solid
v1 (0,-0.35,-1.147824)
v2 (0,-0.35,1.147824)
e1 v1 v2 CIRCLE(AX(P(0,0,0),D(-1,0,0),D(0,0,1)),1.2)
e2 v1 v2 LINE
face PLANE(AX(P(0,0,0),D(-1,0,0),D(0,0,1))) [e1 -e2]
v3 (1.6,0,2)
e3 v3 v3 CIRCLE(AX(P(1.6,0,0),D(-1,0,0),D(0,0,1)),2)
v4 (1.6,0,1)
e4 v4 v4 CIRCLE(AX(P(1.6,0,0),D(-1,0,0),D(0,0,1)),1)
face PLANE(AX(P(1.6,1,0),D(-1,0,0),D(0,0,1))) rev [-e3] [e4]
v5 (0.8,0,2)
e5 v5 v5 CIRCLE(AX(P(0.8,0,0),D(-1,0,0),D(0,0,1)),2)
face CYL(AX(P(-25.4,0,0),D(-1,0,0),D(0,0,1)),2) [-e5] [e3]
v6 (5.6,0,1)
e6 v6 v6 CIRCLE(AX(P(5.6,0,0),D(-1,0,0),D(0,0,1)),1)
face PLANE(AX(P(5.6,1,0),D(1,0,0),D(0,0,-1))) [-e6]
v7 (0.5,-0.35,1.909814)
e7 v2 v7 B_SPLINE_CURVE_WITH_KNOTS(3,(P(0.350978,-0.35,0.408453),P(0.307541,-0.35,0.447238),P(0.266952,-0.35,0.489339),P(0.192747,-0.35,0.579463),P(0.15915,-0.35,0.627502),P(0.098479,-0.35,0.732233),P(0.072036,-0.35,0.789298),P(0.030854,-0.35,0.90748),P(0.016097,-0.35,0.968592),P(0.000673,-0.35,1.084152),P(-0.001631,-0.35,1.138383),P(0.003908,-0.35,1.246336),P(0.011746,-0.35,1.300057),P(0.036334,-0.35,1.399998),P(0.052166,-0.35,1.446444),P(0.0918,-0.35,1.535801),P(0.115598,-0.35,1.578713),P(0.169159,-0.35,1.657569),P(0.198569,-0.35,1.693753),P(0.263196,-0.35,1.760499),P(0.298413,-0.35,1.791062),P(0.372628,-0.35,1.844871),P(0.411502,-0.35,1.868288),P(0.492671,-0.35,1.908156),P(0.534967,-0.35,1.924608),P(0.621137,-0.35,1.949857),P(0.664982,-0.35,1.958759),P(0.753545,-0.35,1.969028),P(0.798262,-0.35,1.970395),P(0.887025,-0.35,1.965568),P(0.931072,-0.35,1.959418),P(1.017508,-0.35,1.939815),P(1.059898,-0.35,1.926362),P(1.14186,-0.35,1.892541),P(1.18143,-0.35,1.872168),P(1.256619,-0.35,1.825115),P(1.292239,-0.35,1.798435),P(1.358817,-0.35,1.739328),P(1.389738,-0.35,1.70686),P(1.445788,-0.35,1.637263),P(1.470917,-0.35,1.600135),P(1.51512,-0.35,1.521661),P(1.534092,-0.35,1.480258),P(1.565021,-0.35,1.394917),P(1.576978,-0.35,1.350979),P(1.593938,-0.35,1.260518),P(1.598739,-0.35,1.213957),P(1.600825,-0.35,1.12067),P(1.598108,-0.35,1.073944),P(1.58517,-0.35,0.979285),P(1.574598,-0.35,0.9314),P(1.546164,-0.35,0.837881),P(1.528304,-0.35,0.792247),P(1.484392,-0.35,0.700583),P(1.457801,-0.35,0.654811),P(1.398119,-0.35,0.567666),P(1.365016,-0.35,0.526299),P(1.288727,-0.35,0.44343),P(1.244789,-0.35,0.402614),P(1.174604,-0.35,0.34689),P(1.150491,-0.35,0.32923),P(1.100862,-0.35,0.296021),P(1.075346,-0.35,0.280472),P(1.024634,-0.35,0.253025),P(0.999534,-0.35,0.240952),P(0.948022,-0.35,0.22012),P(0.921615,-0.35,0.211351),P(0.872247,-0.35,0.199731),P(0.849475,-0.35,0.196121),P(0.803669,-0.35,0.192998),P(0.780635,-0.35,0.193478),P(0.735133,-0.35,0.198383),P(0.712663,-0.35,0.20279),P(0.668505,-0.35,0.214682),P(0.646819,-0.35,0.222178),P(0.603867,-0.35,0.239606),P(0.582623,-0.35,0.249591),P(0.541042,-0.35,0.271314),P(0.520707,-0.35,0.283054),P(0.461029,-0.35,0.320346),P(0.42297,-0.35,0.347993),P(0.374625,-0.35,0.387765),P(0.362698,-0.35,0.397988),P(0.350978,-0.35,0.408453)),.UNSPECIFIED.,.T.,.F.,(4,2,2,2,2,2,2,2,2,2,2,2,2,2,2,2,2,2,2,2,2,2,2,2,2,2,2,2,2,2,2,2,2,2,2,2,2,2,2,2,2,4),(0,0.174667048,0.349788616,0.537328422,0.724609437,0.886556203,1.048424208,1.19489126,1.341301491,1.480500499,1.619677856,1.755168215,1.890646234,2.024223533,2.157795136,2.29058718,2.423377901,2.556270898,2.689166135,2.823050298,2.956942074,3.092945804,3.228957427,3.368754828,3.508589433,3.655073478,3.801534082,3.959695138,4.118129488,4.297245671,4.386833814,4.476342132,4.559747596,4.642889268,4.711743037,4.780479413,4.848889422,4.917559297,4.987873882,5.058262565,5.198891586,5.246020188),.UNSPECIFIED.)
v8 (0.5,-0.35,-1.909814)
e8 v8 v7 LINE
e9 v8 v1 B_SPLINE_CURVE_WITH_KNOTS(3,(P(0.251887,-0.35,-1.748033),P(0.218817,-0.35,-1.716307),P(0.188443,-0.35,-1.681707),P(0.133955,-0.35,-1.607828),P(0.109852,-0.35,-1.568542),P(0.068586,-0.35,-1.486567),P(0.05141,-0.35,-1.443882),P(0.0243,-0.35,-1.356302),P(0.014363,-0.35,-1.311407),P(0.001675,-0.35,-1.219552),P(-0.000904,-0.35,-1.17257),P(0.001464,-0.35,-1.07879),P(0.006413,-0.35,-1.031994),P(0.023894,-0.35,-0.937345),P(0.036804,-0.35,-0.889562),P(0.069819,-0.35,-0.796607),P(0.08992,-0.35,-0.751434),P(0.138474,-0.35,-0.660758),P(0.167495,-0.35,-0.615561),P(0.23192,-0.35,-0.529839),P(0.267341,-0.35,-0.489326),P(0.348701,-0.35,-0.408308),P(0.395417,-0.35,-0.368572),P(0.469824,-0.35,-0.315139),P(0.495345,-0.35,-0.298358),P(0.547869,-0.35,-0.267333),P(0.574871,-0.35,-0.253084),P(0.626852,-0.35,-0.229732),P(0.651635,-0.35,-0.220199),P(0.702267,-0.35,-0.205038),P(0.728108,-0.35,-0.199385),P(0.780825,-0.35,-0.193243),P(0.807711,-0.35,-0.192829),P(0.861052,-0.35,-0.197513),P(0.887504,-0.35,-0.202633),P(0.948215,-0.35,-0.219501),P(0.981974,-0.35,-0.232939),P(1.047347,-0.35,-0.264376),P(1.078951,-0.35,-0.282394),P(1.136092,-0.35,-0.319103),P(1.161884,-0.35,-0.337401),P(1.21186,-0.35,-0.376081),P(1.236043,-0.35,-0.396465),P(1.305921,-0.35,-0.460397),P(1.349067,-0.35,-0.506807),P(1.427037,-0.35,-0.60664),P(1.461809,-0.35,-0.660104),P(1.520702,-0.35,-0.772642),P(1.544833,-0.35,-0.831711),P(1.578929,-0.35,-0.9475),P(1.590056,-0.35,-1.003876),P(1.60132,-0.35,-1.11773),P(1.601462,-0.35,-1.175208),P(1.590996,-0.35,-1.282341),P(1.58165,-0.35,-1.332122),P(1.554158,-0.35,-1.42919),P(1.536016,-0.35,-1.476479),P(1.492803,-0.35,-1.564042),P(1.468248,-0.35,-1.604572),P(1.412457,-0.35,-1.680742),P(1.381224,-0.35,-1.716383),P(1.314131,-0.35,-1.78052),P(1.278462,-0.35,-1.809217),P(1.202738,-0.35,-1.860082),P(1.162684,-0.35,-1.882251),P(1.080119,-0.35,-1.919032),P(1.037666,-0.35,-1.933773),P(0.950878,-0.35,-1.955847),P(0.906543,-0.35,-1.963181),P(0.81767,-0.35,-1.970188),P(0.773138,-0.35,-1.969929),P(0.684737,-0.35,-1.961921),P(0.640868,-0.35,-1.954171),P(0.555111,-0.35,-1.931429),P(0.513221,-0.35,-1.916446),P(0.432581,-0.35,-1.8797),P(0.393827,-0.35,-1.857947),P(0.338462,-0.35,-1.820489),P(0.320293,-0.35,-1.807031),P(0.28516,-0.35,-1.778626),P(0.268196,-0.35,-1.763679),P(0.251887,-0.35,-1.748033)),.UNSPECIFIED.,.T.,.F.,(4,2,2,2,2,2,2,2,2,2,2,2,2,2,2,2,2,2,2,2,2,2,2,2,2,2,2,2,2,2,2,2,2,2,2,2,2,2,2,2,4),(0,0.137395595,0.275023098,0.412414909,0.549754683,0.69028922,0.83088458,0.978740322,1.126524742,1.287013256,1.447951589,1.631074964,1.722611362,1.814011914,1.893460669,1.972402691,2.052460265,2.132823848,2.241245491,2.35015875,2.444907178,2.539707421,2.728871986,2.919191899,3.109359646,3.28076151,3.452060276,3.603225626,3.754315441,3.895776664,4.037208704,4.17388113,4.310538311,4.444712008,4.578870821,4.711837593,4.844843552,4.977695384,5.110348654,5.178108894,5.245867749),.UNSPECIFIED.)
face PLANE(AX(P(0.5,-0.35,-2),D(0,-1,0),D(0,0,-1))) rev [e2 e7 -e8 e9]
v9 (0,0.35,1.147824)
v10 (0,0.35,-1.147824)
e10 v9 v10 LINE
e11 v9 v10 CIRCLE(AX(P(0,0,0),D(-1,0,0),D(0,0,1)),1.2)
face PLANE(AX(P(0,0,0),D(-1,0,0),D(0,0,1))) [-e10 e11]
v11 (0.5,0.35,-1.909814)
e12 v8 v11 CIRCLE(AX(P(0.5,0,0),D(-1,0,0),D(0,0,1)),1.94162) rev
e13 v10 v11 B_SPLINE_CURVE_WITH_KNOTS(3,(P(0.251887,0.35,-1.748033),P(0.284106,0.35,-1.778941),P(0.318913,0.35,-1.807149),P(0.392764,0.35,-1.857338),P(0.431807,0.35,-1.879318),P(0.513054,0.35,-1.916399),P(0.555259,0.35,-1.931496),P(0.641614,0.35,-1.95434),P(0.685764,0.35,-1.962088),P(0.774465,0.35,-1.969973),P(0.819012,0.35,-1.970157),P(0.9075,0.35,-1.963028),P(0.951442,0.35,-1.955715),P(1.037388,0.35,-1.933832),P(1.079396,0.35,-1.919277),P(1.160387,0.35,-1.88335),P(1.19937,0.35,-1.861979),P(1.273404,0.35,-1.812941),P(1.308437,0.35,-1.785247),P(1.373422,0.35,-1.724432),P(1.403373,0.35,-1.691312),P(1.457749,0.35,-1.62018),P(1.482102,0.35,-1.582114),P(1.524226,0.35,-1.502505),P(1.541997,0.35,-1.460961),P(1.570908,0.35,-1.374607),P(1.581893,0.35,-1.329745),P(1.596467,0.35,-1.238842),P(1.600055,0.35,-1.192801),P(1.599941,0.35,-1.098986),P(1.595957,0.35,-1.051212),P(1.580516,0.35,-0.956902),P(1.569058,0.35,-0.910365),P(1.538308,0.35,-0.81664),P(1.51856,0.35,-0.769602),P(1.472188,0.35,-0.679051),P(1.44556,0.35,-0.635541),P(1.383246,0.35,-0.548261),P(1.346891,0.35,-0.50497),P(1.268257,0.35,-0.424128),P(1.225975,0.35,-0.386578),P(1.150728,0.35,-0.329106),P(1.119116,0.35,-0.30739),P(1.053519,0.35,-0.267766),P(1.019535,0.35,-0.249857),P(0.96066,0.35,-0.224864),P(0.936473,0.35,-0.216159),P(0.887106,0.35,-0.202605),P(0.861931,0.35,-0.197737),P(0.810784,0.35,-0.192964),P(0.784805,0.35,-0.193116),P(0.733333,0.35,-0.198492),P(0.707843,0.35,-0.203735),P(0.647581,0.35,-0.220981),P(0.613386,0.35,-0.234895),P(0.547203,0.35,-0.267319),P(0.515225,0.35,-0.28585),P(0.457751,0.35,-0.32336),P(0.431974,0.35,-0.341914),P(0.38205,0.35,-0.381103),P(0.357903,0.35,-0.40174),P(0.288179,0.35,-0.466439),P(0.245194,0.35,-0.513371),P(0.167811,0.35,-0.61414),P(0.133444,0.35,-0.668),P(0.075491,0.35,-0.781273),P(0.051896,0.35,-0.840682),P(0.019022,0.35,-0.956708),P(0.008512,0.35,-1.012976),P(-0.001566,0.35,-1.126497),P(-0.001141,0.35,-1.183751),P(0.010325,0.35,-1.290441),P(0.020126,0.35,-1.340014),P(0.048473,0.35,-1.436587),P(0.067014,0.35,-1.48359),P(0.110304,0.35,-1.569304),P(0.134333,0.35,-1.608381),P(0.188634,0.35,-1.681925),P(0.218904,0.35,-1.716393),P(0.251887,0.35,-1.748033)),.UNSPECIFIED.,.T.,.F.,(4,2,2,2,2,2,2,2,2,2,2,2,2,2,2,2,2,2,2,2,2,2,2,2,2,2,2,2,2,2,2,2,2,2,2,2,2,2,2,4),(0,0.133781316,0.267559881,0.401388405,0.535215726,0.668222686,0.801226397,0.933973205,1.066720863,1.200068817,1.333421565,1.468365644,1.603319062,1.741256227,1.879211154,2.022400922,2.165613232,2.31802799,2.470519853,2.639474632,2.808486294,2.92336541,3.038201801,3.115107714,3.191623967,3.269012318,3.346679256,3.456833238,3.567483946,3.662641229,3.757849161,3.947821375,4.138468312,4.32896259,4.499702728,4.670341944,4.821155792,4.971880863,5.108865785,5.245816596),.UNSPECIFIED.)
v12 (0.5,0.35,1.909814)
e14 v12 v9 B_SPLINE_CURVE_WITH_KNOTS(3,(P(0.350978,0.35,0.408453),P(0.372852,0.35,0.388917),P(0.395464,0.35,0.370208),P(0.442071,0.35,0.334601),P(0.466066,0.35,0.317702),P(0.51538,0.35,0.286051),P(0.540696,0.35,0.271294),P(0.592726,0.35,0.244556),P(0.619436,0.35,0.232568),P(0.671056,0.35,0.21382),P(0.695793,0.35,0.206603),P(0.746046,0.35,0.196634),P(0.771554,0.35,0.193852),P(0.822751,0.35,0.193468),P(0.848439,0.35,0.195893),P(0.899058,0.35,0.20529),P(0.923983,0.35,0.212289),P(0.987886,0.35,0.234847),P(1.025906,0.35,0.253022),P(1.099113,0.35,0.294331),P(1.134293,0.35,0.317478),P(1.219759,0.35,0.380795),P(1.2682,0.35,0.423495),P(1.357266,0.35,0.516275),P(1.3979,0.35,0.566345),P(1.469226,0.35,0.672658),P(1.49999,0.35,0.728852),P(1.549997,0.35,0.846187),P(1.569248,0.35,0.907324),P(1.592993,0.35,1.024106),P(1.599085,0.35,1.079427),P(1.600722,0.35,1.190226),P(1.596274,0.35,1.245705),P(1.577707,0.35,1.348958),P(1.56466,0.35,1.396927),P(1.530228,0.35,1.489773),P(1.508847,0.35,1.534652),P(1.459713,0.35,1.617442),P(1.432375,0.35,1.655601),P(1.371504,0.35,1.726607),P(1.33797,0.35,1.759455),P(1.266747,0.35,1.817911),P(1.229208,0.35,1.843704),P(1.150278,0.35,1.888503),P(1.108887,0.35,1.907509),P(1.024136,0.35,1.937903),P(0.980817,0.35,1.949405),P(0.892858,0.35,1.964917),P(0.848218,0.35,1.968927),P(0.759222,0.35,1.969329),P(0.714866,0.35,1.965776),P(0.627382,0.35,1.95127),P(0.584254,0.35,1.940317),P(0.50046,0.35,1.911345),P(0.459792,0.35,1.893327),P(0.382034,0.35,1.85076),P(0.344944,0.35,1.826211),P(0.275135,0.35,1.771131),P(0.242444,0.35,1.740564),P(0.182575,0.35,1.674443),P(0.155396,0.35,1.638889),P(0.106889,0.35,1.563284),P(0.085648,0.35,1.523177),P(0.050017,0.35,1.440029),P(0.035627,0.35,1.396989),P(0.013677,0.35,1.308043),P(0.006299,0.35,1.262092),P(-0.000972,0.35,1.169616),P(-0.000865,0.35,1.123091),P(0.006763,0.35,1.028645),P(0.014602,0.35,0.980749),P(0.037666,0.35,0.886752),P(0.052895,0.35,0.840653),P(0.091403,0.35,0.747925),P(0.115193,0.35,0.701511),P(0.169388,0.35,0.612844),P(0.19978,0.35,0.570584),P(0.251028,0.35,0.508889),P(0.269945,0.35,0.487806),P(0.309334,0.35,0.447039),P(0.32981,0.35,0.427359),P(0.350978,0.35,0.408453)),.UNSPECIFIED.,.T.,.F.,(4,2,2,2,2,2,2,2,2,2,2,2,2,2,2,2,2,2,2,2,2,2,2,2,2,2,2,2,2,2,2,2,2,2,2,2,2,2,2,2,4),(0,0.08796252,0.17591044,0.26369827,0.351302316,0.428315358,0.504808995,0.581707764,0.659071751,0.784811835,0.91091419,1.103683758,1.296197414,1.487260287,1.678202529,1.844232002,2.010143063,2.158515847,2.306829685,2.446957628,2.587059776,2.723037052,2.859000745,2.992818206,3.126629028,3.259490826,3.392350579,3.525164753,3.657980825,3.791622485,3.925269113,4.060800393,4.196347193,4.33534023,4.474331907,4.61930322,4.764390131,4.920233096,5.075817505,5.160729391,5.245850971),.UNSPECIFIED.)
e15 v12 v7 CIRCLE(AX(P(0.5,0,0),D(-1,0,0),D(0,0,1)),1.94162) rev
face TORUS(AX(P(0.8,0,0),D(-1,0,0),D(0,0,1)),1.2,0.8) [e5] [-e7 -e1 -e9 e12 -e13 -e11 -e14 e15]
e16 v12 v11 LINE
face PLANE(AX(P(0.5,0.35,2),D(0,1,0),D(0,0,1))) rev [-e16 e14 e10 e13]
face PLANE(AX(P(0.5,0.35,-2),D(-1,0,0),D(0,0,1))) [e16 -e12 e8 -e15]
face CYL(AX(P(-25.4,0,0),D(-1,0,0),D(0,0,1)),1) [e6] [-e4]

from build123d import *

# Parameters (mm, degrees)
SKETCH2_W  = 4
SKETCH2_H  = 0.7
SLOT_DEPTH = 0.5


with BuildPart() as part:
    # BodySke → Base-Revolve (revolve)
    with BuildSketch(Plane.XY):
        with BuildLine():
            Line((1.6, 1), (1.6, 2))
            Line((1.6, 2), (0.8, 2))
            ThreePointArc((0.8, 2), (0.234314575, 1.765685425), (0, 1.2))
            Line((0, 1.2), (0, 0))
            Line((0, 0), (5.6, 0))
            Line((5.6, 0), (5.6, 1))
            Line((5.6, 1), (1.6, 1))
        make_face()
    revolve(axis=Axis((-25.4, 0, 0), (1, 0, 0)))

    # Sketch2 → Slot (cut)
    with BuildSketch(Plane(origin=(0, 0, 0), x_dir=(0, 0, -1), z_dir=(1, 0, 0))):
        Rectangle(SKETCH2_W, SKETCH2_H)
    extrude(amount=SLOT_DEPTH, mode=Mode.SUBTRACT)


solid = part.part
